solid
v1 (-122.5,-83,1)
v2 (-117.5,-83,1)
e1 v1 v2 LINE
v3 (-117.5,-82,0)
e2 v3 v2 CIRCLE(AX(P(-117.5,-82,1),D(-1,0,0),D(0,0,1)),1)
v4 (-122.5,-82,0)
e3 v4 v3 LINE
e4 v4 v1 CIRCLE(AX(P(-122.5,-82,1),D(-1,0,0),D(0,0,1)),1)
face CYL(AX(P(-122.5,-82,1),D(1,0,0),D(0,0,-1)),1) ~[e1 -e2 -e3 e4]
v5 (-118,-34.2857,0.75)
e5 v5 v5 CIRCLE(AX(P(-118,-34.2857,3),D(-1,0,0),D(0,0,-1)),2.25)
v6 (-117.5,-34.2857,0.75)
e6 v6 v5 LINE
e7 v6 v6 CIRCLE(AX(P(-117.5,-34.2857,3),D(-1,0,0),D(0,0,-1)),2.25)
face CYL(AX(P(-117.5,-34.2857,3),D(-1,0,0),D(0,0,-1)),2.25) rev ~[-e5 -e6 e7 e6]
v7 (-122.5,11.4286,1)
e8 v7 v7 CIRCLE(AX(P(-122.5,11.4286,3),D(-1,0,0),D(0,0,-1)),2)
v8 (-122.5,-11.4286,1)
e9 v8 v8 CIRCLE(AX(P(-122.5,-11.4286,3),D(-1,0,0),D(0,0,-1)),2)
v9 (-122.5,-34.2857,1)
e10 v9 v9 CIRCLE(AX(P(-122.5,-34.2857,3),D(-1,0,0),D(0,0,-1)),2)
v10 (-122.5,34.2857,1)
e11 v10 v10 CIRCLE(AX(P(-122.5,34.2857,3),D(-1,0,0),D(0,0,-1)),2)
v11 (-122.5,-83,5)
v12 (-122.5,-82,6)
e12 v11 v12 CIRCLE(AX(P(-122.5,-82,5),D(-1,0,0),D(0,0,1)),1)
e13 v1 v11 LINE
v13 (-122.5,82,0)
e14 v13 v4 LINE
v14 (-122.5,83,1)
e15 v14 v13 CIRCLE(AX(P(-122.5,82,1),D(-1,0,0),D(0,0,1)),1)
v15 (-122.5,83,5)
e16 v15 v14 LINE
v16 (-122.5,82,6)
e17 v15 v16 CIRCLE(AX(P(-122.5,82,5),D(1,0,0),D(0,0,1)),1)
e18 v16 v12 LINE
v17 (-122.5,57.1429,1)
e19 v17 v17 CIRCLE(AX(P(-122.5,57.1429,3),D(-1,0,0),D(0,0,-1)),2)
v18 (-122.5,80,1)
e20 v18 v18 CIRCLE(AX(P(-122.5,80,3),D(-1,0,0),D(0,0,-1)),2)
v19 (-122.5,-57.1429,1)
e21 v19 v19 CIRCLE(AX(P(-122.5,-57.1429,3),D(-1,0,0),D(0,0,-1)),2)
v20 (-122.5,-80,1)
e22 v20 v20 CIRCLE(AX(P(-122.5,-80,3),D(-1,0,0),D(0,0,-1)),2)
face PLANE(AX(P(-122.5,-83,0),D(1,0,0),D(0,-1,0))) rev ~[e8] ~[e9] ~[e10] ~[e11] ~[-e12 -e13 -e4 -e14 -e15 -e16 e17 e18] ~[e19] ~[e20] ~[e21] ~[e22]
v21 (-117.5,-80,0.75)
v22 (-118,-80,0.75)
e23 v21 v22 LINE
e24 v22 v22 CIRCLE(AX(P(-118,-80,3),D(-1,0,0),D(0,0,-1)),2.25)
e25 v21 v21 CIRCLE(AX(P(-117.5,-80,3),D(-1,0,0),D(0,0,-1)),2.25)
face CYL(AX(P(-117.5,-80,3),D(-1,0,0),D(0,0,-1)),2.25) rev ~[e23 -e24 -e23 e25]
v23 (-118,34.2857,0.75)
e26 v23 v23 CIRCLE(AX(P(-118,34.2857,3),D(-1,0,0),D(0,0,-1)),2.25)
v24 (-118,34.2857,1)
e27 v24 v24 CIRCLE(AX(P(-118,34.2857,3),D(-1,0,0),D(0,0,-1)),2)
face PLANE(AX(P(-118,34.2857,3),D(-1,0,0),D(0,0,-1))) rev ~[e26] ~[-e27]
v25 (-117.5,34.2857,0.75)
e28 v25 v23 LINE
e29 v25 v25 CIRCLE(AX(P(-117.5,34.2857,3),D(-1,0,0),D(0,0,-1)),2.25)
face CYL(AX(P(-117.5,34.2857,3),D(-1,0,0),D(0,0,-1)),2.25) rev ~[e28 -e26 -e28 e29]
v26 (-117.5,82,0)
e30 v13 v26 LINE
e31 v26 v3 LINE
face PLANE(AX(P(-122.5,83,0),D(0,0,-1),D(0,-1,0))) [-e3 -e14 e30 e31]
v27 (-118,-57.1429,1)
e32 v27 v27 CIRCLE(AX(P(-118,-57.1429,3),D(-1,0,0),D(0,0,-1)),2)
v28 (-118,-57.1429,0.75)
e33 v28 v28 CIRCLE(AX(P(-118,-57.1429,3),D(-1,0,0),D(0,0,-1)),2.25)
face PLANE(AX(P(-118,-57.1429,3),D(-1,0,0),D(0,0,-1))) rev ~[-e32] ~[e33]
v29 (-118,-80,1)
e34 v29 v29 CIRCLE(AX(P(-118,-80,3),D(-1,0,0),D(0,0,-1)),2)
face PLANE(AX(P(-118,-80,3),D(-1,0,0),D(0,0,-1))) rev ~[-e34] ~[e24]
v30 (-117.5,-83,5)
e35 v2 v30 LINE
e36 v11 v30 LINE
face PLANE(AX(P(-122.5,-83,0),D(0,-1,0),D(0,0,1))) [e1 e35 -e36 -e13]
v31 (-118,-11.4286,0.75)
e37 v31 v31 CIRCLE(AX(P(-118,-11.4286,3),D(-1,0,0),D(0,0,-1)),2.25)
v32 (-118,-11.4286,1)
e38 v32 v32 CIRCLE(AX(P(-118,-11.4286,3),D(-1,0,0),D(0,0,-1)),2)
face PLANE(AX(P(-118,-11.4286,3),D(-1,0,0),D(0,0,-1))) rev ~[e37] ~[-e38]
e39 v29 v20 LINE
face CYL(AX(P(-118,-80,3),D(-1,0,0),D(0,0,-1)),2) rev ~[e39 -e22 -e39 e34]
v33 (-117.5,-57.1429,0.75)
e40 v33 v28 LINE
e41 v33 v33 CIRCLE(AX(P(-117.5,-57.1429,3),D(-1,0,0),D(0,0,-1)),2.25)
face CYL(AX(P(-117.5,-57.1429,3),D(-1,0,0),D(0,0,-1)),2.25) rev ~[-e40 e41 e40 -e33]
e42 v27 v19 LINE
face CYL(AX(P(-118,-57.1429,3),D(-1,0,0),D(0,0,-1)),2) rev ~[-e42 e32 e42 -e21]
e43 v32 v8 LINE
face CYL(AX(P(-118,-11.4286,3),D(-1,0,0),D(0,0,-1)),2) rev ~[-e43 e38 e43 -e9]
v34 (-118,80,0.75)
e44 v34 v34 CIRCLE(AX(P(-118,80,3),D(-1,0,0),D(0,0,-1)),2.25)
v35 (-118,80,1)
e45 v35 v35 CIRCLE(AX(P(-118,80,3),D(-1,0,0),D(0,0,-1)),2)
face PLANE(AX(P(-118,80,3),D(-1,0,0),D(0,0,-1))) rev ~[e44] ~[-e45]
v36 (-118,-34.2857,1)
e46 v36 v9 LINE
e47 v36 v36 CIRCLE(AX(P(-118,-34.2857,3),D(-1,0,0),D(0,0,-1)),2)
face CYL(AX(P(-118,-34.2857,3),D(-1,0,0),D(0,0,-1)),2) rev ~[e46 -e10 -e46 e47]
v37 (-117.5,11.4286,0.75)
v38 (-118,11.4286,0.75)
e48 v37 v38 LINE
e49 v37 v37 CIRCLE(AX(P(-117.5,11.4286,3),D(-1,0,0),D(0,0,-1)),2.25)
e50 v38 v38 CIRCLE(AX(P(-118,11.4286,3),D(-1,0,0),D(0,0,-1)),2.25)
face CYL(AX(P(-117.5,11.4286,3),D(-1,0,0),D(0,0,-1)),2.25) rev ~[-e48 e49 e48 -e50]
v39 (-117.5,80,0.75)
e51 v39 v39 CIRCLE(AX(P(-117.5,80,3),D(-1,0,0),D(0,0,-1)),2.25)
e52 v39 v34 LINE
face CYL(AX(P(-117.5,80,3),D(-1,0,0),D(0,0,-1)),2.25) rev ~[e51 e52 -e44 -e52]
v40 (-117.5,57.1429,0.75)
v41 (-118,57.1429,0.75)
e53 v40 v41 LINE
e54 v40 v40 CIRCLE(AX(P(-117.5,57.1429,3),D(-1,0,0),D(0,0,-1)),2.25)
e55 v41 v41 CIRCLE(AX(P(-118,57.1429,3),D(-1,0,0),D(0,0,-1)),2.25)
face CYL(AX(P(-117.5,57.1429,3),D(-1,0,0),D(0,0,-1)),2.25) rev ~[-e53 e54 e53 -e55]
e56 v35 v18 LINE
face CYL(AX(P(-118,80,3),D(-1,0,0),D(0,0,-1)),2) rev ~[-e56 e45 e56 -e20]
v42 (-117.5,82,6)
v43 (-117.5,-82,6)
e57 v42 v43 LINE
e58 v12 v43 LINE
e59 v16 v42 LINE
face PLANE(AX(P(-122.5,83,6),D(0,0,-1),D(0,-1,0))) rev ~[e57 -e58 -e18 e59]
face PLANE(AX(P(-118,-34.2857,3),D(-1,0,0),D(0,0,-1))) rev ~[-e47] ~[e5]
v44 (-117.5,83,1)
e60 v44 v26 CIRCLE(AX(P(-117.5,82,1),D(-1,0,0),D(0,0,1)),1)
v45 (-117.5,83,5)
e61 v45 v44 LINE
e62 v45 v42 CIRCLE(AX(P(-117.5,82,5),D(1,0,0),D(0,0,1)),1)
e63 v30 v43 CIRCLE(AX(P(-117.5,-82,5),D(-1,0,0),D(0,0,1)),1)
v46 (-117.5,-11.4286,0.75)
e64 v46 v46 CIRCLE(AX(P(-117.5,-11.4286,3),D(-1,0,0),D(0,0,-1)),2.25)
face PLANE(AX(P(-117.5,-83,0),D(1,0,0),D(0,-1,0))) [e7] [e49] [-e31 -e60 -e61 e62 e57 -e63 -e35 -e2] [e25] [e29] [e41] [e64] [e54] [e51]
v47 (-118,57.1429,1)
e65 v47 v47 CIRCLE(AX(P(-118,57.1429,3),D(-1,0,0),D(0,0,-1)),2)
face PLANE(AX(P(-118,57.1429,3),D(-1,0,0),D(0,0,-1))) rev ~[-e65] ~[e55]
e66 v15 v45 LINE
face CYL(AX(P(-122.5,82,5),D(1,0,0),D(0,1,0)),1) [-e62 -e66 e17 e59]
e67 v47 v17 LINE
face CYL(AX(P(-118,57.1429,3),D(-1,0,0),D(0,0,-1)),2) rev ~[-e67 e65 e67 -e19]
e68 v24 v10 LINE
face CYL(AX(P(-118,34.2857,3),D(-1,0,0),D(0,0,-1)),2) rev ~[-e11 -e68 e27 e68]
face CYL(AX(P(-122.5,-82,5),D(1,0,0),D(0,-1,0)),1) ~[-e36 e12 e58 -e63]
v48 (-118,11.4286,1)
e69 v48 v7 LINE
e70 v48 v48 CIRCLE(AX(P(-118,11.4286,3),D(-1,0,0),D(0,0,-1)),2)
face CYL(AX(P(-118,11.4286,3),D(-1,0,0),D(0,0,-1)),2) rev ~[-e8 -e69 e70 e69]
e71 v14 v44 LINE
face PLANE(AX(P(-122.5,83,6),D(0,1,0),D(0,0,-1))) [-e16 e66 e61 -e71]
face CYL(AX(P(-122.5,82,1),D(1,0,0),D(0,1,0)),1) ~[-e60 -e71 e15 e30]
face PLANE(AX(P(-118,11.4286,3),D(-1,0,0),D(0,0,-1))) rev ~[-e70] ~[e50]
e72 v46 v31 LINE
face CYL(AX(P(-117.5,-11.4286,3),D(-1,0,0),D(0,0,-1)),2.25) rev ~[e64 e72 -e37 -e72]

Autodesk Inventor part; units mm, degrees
ref_plane "YZ Plane" through (0, 0, 0) normal (1, 0, 0) x (0, 1, 0)
ref_plane "XZ Plane" through (0, 0, 0) normal (0, 1, 0) x (-1, 0, 0)
ref_plane "XY Plane" through (0, 0, 0) normal (0, 0, 1) x (1, 0, 0)
ref_plane "Work Plane1" through (-122.5, -83, 0) normal (1, 0, 0) x (0, -1, 0)
sketch "Sketch1" plane through (-122.5, -83, 0) normal (1, 0, 0) x (0, -1, 0)
  circle A0 centre (-140.1429, -3) radius 1.8 projected
  circle A1 centre (-94.4286, -3) radius 1.8 projected
  circle A2 centre (-48.7143, -3) radius 1.8 projected
  circle A3 centre (-3, -3) radius 1.8 projected
  circle A4 centre (-25.8571, -3) radius 1.8 projected
  circle A5 centre (-71.5714, -3) radius 1.8 projected
  circle A6 centre (-117.2857, -3) radius 1.8 projected
  circle A7 centre (-163, -3) radius 1.8 projected
  line L0 (-166, -6) -> (0, -6) projected
  line L1 (0, 0) -> (0, -6) projected
  line L2 (-166, 0) -> (0, 0) projected
  line L3 (-166, -6) -> (-166, 0) projected
  point P0 (-83, 0)
extrude "Extrusion1" add sketch "Sketch1" along normal blind 5
fillet "Fillet1" radius 1 4 edges at (-120, -83, 0) (-120, -83, 6) (-120, 83, 6) (-120, 83, 0)
sketch "Sketch2" plane through (-117.5, -83, 0) normal (1, 0, 0) x (0, 0, -1)
  arc A0 (0, 165) -> (-1, 166) centre (-1, 165) ccw projected
  line L0 (-1, 166) -> (-5, 166) projected
  arc A1 (-5, 166) -> (-6, 165) centre (-5, 165) ccw projected
  line L1 (-6, 165) -> (-6, 1) projected
  arc A2 (-6, 1) -> (-5, 0) centre (-5, 1) ccw projected
  line L2 (-5, 0) -> (-1, 0) projected
  arc A3 (-1, 0) -> (0, 1) centre (-1, 1) ccw projected
  line L3 (0, 1) -> (0, 165) projected
  circle A4 centre (-3, 163) radius 1.8 projected
  circle A5 centre (-3, 117.2857) radius 1.8 projected
  circle A6 centre (-3, 71.5714) radius 1.8 projected
  circle A7 centre (-3, 25.8571) radius 1.8 projected
  circle A8 centre (-3, 3) radius 1.8 projected
  circle A9 centre (-3, 48.7143) radius 1.8 projected
  circle A10 centre (-3, 94.4286) radius 1.8 projected
  circle A11 centre (-3, 140.1429) radius 1.8 projected
  point P0 (0, 83)
hole "Hole1" at (-117.5, -80, 3) at (-117.5, -57.1429, 3) at (-117.5, -34.2857, 3) at (-117.5, -11.4286, 3) at (-117.5, 11.4286, 3) at (-117.5, 34.2857, 3) at (-117.5, 57.1429, 3) at (-117.5, 80, 3) direction (-1, 0, 0) diameter 4 end through all counterbore diameter 4.5 counterbore depth 0.5
properties part number "petg_holder"
